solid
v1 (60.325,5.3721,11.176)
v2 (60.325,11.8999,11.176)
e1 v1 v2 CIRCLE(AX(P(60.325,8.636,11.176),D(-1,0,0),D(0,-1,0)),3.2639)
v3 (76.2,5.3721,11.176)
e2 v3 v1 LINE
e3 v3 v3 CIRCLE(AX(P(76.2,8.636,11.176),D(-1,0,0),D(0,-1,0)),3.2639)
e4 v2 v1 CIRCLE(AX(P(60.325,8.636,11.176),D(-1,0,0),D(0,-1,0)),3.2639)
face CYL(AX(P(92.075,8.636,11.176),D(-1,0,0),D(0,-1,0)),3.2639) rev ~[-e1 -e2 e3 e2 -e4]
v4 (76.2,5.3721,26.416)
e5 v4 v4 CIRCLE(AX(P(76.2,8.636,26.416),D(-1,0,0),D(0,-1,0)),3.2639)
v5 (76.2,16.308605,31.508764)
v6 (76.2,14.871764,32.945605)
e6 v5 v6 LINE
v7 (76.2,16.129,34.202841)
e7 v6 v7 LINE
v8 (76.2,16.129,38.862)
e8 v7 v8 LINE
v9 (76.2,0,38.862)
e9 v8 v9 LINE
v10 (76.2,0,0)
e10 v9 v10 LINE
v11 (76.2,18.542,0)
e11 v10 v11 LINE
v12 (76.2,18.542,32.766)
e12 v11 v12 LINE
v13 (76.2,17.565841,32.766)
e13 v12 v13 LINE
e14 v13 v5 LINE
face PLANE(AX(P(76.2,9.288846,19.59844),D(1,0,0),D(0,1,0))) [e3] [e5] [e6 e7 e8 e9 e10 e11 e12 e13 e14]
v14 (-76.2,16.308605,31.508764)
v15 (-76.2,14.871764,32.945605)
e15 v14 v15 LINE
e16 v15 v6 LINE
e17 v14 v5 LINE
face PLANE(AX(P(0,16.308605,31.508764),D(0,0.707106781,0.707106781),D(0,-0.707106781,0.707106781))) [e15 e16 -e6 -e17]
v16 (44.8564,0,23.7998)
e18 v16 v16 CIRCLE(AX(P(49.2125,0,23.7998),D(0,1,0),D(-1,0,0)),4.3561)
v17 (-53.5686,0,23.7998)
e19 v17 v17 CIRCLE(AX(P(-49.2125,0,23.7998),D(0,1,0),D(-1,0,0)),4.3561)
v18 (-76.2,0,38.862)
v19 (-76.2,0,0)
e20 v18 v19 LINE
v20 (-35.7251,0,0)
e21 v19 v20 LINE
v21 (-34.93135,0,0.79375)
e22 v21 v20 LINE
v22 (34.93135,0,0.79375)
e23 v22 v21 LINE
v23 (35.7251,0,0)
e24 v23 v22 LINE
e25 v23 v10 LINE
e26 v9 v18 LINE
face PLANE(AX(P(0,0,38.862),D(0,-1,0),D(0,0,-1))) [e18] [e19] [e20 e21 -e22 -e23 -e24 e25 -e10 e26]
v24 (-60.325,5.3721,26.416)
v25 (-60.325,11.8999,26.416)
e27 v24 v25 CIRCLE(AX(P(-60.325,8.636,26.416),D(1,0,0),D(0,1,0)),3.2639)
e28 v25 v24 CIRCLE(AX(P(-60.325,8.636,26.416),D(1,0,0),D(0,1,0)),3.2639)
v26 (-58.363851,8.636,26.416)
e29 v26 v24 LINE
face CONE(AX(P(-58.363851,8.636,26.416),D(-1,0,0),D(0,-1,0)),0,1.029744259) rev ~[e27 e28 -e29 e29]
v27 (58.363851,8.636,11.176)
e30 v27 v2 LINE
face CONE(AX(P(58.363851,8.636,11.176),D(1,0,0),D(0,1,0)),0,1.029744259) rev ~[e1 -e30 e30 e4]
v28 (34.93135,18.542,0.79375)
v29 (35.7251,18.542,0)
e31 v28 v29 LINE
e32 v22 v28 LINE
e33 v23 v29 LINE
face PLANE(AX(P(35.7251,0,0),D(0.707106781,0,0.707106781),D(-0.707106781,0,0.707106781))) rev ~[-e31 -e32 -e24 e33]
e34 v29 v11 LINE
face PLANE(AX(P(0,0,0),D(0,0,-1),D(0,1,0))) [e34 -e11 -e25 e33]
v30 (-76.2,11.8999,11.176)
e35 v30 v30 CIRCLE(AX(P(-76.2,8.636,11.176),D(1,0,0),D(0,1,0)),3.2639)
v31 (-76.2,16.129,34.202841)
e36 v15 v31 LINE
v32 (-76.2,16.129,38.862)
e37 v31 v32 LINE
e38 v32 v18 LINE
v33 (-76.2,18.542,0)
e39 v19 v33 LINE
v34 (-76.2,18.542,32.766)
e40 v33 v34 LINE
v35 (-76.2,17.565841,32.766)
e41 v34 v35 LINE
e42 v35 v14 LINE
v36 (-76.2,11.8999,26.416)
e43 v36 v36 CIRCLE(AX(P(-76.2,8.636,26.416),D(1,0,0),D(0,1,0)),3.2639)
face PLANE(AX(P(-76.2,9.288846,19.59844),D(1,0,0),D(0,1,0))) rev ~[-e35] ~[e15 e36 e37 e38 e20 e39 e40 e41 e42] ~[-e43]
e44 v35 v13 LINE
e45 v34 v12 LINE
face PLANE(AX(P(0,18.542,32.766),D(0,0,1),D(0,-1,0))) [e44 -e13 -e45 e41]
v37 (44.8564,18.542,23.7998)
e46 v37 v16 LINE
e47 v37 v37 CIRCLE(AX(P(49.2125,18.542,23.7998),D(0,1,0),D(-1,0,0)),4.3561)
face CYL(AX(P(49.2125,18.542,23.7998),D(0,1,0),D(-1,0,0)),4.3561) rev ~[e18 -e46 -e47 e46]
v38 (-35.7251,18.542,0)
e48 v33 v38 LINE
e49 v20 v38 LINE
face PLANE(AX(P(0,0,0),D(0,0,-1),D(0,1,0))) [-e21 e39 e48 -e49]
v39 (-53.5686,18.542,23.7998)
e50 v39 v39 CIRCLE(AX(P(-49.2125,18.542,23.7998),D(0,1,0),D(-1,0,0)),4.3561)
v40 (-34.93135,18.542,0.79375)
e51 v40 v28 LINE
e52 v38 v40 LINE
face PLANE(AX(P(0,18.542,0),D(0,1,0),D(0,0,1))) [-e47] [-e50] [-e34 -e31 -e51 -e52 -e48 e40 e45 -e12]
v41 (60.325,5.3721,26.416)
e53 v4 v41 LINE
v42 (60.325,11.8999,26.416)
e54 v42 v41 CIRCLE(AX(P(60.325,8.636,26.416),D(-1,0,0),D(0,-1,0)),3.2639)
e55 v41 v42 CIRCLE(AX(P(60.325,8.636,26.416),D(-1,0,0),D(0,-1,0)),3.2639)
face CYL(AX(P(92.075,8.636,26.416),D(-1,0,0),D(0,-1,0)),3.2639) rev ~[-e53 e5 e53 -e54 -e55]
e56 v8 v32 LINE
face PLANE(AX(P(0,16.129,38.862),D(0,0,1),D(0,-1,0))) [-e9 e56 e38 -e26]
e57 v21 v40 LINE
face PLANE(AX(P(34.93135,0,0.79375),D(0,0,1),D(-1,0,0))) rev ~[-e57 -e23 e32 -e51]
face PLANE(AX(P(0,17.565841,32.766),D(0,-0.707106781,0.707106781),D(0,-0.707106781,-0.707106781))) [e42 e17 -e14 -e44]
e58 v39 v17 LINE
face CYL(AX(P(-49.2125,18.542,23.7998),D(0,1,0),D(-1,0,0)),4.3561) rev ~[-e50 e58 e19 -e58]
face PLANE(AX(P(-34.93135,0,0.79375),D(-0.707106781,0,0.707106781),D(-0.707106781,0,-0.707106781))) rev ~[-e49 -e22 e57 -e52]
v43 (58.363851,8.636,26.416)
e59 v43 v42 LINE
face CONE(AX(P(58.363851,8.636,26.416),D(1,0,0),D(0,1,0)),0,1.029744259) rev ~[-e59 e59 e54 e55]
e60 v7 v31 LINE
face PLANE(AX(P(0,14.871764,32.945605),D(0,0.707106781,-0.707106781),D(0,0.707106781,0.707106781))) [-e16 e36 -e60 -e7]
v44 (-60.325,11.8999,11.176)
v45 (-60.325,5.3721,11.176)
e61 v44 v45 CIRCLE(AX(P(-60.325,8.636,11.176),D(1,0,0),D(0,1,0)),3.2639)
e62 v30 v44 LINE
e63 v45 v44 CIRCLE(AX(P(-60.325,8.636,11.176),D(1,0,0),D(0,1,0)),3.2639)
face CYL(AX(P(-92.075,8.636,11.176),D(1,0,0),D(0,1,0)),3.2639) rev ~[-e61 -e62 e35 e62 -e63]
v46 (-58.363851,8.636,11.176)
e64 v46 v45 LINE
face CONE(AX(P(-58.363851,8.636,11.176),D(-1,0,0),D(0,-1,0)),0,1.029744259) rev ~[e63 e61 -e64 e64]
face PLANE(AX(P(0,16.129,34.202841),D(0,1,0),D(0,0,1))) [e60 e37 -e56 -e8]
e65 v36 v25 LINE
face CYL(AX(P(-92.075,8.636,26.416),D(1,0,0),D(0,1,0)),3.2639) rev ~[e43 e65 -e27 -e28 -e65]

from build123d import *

# Parameters (mm, degrees)
F1_DEPTH      = 76.2
F1_DEPTH_BACK = 76.2
F3_D          = 6.5278
F3_DEPTH      = 15.875
F3_TIP        = 1.9611489744
F5_D          = 6.5278
F5_DEPTH      = 15.875
F5_TIP        = 1.9611489744
F7_DEPTH      = 18.543
F8_R          = 4.3561
F9_DEPTH      = 18.543


with BuildPart() as f1:
    # F0 (on Right) → F1 (new body, two sides)
    with BuildSketch(Plane.YZ) as f1_sk:
        Polygon((0, 38.862), (0, 0), (18.542, 0), (18.542, 32.766), (17.5658409794, 32.766), (16.3086051224, 31.5087641431), (14.8717641431, 32.9456051224), (16.129, 34.2028409794), (16.129, 38.862), align=None)
    extrude(amount=F1_DEPTH)
    extrude(f1_sk.sketch, amount=-F1_DEPTH_BACK)

    # F3
    with Locations(Plane.YZ.offset(76.2)):
        with Locations((8.636, 11.176), (8.636, 26.416)):
            Hole(F3_D / 2, depth=F3_DEPTH)
            with Locations((0, 0, -(F3_DEPTH + F3_TIP / 2))):  # 118° drill point
                Cone(0, F3_D / 2, F3_TIP, mode=Mode.SUBTRACT)

    # F5
    with Locations(Plane(origin=(-76.2, 0, 0), x_dir=(0, -1, 0), z_dir=(-1, 0, 0))):
        with Locations((-8.636, 26.416), (-8.636, 11.176)):
            Hole(F5_D / 2, depth=F5_DEPTH)
            with Locations((0, 0, -(F5_DEPTH + F5_TIP / 2))):  # 118° drill point
                Cone(0, F5_D / 2, F5_TIP, mode=Mode.SUBTRACT)

    # F6 (on face) → F7 (cut, through all)
    with BuildSketch(Plane.XZ):
        Polygon((-34.93135, 0.79375), (-35.7251, 0), (35.7251, 0), (34.93135, 0.79375), align=None)
    extrude(amount=-F7_DEPTH, mode=Mode.SUBTRACT)

    # F8 (on face) → F9 (cut, through all)
    with BuildSketch(Plane(origin=(0, 18.542, 0), x_dir=(-1, 0, 0), z_dir=(0, 1, 0))):
        with Locations((-49.2125, 23.7998)):
            Circle(F8_R)
        with Locations((49.2125, 23.7998)):
            Circle(F8_R)
    extrude(amount=-F9_DEPTH, mode=Mode.SUBTRACT)


solid = f1.part
